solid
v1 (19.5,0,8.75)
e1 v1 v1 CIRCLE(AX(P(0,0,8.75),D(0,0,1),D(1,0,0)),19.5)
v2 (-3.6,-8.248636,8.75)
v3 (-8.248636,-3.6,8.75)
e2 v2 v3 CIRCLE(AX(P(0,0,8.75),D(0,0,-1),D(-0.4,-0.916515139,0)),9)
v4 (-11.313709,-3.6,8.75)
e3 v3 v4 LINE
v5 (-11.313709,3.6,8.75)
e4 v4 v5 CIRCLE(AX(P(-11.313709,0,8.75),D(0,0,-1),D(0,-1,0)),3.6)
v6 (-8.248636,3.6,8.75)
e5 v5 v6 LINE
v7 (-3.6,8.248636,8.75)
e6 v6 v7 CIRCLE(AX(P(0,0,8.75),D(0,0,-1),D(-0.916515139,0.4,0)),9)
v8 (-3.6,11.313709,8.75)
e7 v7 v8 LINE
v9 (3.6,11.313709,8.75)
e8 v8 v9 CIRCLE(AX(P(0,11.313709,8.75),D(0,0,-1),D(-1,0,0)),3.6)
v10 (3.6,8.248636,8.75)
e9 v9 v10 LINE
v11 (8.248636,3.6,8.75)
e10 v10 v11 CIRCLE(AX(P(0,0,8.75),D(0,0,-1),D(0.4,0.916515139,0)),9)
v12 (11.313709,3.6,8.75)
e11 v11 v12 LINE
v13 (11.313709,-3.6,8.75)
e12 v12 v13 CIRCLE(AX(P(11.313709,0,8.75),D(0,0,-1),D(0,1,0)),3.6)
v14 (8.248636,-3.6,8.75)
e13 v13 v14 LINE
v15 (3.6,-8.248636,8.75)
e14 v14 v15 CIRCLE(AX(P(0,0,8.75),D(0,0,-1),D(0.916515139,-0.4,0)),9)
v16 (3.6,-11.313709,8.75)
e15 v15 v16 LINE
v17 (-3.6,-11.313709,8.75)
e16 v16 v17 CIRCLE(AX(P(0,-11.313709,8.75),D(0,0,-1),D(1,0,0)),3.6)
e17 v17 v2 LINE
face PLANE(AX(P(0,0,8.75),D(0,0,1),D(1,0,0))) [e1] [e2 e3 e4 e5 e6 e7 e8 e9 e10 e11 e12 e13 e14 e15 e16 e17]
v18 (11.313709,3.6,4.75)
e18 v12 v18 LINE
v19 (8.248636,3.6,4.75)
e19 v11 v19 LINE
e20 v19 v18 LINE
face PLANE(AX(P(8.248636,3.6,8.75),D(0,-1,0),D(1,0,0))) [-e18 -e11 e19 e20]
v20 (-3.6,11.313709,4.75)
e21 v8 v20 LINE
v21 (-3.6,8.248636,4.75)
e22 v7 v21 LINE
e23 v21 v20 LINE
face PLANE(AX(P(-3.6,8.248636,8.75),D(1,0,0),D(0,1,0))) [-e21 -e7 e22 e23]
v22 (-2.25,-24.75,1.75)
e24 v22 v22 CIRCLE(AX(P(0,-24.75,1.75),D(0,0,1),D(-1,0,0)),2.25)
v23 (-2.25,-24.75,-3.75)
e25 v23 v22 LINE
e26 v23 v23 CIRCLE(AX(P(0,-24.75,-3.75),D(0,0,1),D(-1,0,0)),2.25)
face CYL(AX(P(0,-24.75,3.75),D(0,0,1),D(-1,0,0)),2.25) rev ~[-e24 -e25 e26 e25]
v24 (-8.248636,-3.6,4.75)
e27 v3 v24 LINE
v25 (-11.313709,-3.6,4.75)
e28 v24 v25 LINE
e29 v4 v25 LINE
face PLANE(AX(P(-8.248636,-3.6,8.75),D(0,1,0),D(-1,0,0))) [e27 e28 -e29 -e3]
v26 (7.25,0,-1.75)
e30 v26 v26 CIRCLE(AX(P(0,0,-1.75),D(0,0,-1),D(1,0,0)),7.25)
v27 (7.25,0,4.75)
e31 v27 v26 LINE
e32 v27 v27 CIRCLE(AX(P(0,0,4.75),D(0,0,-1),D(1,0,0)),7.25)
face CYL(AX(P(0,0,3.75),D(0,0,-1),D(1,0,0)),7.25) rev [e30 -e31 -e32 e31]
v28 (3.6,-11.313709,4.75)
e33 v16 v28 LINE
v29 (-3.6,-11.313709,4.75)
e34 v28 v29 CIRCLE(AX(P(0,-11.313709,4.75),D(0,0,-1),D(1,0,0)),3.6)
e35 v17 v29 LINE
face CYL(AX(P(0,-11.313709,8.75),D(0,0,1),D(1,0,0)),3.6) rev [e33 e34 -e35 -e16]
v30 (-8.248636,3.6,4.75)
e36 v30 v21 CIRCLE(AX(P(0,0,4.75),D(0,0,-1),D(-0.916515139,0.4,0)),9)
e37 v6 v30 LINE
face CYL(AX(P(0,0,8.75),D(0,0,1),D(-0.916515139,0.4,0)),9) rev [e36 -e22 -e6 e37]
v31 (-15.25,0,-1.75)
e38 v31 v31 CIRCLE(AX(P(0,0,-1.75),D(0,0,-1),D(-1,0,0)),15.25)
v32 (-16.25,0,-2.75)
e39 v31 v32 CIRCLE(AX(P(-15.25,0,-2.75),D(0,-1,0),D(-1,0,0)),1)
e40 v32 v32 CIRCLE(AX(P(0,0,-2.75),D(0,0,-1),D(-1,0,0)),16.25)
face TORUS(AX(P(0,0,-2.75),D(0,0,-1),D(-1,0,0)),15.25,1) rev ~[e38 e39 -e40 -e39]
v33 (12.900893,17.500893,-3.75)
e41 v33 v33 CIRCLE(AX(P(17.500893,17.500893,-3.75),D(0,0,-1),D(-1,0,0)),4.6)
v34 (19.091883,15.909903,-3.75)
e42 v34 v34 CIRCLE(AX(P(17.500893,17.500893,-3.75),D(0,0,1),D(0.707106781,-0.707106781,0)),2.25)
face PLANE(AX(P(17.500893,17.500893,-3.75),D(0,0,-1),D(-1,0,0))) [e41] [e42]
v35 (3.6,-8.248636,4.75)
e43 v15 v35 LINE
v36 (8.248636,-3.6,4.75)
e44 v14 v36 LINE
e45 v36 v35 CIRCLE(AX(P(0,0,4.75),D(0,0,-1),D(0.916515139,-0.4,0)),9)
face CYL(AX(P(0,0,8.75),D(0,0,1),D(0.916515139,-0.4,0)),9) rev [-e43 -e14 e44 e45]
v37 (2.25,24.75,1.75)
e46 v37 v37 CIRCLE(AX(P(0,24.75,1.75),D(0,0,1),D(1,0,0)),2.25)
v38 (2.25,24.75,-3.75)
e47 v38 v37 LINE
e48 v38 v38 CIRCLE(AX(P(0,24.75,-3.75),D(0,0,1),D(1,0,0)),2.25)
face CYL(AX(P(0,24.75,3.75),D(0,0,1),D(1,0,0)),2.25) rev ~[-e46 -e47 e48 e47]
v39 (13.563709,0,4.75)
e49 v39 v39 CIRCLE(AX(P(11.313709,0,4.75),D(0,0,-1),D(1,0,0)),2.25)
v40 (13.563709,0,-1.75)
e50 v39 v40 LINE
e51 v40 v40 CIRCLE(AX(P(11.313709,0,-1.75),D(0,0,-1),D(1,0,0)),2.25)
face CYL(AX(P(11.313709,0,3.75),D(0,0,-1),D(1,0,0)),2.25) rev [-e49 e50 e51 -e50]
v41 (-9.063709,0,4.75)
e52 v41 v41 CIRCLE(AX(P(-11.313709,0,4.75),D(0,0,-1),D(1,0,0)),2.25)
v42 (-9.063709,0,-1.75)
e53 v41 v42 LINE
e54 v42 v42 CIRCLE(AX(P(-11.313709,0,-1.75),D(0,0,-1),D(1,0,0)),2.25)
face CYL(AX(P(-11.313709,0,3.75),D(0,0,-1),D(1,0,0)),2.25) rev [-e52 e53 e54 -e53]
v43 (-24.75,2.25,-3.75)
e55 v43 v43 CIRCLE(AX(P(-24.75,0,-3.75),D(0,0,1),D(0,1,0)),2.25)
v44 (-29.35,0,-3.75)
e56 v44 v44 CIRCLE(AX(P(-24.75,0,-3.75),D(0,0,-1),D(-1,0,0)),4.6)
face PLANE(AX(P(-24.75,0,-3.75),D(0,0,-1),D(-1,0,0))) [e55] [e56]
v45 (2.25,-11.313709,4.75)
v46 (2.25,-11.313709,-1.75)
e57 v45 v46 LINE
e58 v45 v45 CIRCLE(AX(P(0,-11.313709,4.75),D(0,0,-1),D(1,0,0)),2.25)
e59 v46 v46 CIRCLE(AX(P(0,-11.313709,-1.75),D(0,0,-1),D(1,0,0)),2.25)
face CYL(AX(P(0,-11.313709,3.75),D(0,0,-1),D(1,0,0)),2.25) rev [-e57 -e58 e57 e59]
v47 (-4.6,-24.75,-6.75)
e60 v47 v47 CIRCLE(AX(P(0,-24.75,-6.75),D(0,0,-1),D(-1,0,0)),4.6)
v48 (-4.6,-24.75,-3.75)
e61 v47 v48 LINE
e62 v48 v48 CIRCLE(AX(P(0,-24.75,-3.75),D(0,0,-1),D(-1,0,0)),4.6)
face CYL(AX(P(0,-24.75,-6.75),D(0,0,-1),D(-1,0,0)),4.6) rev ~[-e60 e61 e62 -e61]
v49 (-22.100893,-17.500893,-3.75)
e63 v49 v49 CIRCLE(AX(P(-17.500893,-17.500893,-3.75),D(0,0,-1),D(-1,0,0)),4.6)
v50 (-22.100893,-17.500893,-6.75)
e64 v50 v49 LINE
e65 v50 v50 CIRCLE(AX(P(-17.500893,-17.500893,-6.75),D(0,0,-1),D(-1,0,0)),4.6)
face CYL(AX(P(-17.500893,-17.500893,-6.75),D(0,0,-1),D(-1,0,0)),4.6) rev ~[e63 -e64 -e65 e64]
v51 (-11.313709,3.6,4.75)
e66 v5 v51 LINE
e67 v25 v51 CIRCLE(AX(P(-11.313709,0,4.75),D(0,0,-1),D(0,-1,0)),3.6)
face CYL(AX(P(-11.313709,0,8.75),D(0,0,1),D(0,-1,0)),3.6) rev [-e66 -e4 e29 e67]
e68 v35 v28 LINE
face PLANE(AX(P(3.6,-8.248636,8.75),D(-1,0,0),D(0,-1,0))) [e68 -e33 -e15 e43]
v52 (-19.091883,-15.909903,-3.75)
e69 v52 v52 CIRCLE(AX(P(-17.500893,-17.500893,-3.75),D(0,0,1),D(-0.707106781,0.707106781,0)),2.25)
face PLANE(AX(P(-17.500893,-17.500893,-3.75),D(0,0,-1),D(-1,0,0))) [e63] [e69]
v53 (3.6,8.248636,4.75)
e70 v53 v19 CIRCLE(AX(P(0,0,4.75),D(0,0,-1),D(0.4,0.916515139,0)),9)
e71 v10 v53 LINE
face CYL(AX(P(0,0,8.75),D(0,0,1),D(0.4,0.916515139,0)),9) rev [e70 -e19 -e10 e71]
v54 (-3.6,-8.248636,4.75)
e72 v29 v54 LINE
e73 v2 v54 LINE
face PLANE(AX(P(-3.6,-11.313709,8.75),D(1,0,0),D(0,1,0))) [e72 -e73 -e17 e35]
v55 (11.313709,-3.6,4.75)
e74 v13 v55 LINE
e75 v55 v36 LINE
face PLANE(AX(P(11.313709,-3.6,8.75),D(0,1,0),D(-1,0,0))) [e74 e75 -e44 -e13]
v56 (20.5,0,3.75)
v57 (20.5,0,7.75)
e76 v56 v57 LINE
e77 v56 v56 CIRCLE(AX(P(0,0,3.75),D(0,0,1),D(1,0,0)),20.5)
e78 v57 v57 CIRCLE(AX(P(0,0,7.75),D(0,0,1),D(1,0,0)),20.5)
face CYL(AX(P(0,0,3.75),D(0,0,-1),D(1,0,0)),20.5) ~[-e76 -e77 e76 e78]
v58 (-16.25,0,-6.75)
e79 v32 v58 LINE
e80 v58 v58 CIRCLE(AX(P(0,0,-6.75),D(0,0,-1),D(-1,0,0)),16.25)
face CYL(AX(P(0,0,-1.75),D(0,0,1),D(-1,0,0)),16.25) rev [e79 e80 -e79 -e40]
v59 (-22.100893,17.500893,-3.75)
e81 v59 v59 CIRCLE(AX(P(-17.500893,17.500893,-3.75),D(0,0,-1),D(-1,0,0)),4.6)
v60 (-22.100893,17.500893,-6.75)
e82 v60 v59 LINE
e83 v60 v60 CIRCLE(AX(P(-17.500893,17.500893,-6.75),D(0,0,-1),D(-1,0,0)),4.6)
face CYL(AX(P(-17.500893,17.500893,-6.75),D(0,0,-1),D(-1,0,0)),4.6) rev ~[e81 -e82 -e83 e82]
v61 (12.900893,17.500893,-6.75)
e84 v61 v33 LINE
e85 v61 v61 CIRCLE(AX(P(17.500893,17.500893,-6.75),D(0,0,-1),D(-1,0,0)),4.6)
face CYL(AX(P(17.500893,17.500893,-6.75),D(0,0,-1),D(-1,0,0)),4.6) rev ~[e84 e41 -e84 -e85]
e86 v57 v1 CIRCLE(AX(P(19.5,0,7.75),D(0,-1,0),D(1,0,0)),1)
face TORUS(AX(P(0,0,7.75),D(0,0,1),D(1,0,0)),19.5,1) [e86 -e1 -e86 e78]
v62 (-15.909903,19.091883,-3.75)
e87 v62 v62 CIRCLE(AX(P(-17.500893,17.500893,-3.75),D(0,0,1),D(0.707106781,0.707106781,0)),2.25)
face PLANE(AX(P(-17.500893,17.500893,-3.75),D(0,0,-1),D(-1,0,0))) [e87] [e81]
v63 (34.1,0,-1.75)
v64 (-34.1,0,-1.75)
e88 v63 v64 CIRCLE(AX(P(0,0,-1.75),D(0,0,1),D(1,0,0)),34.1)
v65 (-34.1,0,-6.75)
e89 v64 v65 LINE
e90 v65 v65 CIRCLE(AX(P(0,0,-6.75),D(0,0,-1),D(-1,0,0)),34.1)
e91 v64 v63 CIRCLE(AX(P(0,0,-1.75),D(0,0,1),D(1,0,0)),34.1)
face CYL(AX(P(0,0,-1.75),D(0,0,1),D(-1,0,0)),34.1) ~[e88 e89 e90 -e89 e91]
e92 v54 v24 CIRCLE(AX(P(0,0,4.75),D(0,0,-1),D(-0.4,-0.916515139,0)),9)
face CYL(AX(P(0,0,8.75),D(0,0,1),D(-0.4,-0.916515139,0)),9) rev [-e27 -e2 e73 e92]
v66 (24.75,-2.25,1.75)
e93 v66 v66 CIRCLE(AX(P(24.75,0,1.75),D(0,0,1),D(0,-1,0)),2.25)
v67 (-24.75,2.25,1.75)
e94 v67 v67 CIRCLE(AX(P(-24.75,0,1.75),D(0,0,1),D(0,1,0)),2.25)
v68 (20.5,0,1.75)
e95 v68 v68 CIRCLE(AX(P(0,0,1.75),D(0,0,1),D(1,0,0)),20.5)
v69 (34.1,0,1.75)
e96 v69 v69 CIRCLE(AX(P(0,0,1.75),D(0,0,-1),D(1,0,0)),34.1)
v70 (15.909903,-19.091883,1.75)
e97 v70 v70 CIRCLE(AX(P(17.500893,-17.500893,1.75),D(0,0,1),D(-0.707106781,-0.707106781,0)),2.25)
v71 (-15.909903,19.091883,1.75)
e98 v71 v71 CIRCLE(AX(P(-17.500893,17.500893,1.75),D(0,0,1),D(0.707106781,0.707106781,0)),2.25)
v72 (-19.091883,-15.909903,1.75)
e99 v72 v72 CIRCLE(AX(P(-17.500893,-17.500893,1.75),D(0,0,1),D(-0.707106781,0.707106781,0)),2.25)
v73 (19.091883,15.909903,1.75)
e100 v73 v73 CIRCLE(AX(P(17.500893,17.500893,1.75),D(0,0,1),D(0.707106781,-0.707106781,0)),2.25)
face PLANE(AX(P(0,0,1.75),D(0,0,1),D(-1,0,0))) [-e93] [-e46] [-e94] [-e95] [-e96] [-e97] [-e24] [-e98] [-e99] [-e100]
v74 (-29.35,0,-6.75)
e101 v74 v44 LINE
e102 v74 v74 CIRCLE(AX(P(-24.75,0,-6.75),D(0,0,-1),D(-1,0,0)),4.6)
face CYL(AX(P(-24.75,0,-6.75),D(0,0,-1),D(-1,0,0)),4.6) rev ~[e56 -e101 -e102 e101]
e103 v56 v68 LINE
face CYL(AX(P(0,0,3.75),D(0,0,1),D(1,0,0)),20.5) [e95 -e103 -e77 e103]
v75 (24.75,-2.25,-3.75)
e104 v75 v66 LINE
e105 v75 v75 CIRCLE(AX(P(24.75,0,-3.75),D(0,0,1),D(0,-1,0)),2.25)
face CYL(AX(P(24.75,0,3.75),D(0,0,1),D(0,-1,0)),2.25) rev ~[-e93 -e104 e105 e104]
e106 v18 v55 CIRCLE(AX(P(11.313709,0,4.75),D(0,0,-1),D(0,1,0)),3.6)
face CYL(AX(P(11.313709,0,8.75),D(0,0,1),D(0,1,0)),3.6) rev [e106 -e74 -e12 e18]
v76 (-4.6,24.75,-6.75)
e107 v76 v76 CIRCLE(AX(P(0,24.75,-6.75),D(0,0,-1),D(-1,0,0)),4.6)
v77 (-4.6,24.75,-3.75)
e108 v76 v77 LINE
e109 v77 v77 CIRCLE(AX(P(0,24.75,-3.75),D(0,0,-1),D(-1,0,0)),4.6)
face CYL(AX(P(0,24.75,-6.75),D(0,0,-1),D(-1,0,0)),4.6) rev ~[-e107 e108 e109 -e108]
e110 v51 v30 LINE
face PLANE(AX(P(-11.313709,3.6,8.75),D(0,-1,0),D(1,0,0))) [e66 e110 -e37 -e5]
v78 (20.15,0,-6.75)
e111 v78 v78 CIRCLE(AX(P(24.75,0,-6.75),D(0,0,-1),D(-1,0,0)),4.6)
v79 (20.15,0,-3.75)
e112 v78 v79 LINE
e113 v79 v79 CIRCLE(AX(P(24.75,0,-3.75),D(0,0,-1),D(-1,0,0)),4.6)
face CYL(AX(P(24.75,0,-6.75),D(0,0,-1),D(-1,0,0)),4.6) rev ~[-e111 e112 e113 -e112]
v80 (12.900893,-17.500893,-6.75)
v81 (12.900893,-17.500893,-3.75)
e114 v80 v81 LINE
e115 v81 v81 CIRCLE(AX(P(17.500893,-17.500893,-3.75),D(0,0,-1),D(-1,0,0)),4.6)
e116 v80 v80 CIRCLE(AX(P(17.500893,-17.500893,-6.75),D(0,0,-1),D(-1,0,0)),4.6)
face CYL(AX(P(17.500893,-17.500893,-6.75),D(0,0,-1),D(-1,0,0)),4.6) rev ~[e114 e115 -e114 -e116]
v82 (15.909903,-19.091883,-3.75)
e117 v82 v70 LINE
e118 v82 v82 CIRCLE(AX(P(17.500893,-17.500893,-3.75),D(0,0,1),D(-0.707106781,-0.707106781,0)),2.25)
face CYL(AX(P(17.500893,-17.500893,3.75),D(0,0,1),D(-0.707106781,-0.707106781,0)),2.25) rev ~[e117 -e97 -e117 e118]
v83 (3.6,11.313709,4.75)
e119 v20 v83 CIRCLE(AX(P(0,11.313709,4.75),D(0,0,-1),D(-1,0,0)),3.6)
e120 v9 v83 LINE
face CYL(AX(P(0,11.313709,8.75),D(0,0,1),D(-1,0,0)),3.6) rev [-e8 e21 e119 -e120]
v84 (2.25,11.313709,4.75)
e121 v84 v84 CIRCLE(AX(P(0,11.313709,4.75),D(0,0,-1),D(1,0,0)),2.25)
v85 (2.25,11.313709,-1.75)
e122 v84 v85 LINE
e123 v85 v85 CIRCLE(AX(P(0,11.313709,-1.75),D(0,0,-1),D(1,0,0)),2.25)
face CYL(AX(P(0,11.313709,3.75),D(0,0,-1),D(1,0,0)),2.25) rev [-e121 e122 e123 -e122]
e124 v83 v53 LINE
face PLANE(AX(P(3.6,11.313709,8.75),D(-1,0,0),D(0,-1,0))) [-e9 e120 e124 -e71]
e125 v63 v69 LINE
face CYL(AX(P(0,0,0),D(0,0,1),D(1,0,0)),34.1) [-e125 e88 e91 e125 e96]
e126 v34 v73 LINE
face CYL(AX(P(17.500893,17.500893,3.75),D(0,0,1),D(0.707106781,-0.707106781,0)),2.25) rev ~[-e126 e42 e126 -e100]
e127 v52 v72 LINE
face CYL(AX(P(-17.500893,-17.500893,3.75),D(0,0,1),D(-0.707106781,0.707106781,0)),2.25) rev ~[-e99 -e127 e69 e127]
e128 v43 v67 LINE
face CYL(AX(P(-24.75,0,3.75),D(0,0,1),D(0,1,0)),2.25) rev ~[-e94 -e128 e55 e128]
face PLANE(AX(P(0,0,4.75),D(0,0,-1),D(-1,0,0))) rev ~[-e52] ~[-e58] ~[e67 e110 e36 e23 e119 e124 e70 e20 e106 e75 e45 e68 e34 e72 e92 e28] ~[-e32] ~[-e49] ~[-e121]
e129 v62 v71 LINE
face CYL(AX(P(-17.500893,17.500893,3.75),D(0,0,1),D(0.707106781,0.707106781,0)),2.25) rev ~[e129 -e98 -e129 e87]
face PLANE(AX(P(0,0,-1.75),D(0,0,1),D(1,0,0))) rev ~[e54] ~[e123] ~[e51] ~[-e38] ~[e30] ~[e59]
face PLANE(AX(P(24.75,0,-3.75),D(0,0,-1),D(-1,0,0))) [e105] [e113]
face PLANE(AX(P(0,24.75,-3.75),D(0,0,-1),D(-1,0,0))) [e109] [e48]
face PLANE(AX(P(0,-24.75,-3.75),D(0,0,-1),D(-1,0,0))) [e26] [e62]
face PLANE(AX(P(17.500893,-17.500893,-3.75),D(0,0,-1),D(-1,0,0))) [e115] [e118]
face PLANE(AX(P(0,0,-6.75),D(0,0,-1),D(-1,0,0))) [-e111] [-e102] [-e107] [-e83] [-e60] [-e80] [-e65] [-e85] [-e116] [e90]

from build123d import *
from build123d.topology import SkipClean

# Parameters (mm, degrees)
SKETCH1_R               = 34.1
BOSS_EXTRUDE1_DEPTH     = 1.75
SKETCH4_R               = 28.5
BOSS_EXTRUDE2_DEPTH     = 2
SKETCH5_R               = 34.1
SKETCH5_R_2             = 16.25
BOSS_EXTRUDE3_DEPTH     = 5
CUT_EXTRUDE2_DEPTH      = 49.968050809
CUT_EXTRUDE2_DEPTH_BACK = 49.968050809
SKETCH3_R               = 2.25
CUT_EXTRUDE1_DEPTH      = 49.968050809
CUT_EXTRUDE1_DEPTH_BACK = 49.968050809
SKETCH2_R               = 7.25
SKETCH6_R               = 2.25
CUT_EXTRUDE3_DEPTH      = 50.354533733
CIRPATTERN1_COUNT       = 8
SKETCH7_R               = 20.5
SKETCH7_R_2             = 2.25
SKETCH7_R_3             = 7.25
BOSS_EXTRUDE4_DEPTH     = 5
BOSS_EXTRUDE5_START     = 2
SKETCH8_R               = 34.1
SKETCH8_R_2             = 28.5
BOSS_EXTRUDE5_DEPTH     = 2
SKETCH10_R              = 34.1
SKETCH10_R_2            = 20.5
CUT_EXTRUDE4_DEPTH      = 2
CUT_EXTRUDE5_DEPTH      = 4
SKETCH12_R              = 4.6
CUT_EXTRUDE6_DEPTH      = 3
FILLET2_R               = 1
FILLET3_R               = 1


with BuildPart() as part:
    # Sketch1 → Boss-Extrude1 (new, symmetric)
    with BuildSketch(Plane.XY):
        Circle(SKETCH1_R)
    extrude(amount=BOSS_EXTRUDE1_DEPTH, both=True)

    # Sketch4 → Boss-Extrude2 (add)
    with BuildSketch(Plane.XY.offset(1.75)):
        Circle(SKETCH4_R)
    extrude(amount=BOSS_EXTRUDE2_DEPTH)

    # Sketch5 → Boss-Extrude3 (add)
    with BuildSketch(Plane(origin=(0, 0, -1.75), x_dir=(-1, 0, 0), z_dir=(0, 0, -1))):
        Circle(SKETCH5_R)
        Circle(SKETCH5_R_2, mode=Mode.SUBTRACT)
    extrude(amount=BOSS_EXTRUDE3_DEPTH)

    # Sketch3 → Cut-Extrude2 (cut, two sides: drawn at the far end of the back side and taken through both)
    with BuildSketch(Plane.XY.offset(1.75).offset(-CUT_EXTRUDE2_DEPTH_BACK)):
        with Locations((0, 11.3137085)):
            Circle(SKETCH3_R)
        with Locations((11.3137085, 0)):
            Circle(SKETCH3_R)
        with Locations((0, -11.3137085)):
            Circle(SKETCH3_R)
        with Locations((-11.3137085, 0)):
            Circle(SKETCH3_R)
    extrude(amount=CUT_EXTRUDE2_DEPTH + CUT_EXTRUDE2_DEPTH_BACK, mode=Mode.SUBTRACT)

    # Sketch2 → Cut-Extrude1 (cut, two sides: drawn at the far end of the back side and taken through both)
    with BuildSketch(Plane.XY.offset(1.75).offset(-CUT_EXTRUDE1_DEPTH_BACK)):
        Circle(SKETCH2_R)
    extrude(amount=CUT_EXTRUDE1_DEPTH + CUT_EXTRUDE1_DEPTH_BACK, mode=Mode.SUBTRACT)

    # Sketch6 → Cut-Extrude3 (cut, symmetric)
    with BuildSketch(Plane.XY.offset(3.75)):
        with Locations((0, 24.75)):
            Circle(SKETCH6_R)
    cut_extrude3 = extrude(amount=CUT_EXTRUDE3_DEPTH, both=True, mode=Mode.SUBTRACT)

    # CirPattern1: Cut-Extrude3 ×8 about axis
    cirpattern1_axis = Axis((0, 0, 0), (0, 0, 1))
    for i in range(1, CIRPATTERN1_COUNT):
        add(cut_extrude3.rotate(cirpattern1_axis, i * 360 / CIRPATTERN1_COUNT), mode=Mode.SUBTRACT)

    # Sketch7 → Boss-Extrude4 (add)
    with BuildSketch(Plane.XY.offset(3.75)):
        Circle(SKETCH7_R)
        with Locations((0, -11.3137085)):
            Circle(SKETCH7_R_2, mode=Mode.SUBTRACT)
        with Locations((11.3137085, 0)):
            Circle(SKETCH7_R_2, mode=Mode.SUBTRACT)
        with Locations((0, 11.3137085)):
            Circle(SKETCH7_R_2, mode=Mode.SUBTRACT)
        with Locations((-11.3137085, 0)):
            Circle(SKETCH7_R_2, mode=Mode.SUBTRACT)
        Circle(SKETCH7_R_3, mode=Mode.SUBTRACT)
    extrude(amount=BOSS_EXTRUDE4_DEPTH)

    # Sketch8 → Boss-Extrude5 (add)
    with SkipClean():  # the faces are left unmerged after this step: merging them gives an invalid solid
        with BuildSketch(Plane.XY.offset(1.75).offset(BOSS_EXTRUDE5_START)):
            with Locations(Location((0, 0, 0), (0, 0, 180))):
                Circle(SKETCH8_R)
            Circle(SKETCH8_R_2, mode=Mode.SUBTRACT)
        extrude(amount=-BOSS_EXTRUDE5_DEPTH)

    # Sketch10 → Cut-Extrude4 (cut)
    with BuildSketch(Plane.XY.offset(3.75)):
        with Locations(Location((0, 0, 0), (0, 0, 180))):
            Circle(SKETCH10_R)
        Circle(SKETCH10_R_2, mode=Mode.SUBTRACT)
    extrude(amount=-CUT_EXTRUDE4_DEPTH, mode=Mode.SUBTRACT)

    # Sketch11 → Cut-Extrude5 (cut)
    with BuildSketch(Plane.XY.offset(8.75)):
        with BuildLine():
            Line((-11.3137085, 3.6), (-8.248636251, 3.6))
            ThreePointArc((-8.248636251, 3.6), (-6.363961031, 6.363961031), (-3.6, 8.248636251))
            Line((-3.6, 8.248636251), (-3.6, 11.3137085))
            ThreePointArc((-3.6, 11.3137085), (0, 14.9137085), (3.6, 11.3137085))
            Line((3.6, 11.3137085), (3.6, 8.248636251))
            ThreePointArc((3.6, 8.248636251), (6.363961031, 6.363961031), (8.248636251, 3.6))
            Line((8.248636251, 3.6), (11.3137085, 3.6))
            ThreePointArc((11.3137085, 3.6), (14.9137085, 0), (11.3137085, -3.6))
            Line((11.3137085, -3.6), (8.248636251, -3.6))
            ThreePointArc((8.248636251, -3.6), (6.363961031, -6.363961031), (3.6, -8.248636251))
            Line((3.6, -8.248636251), (3.6, -11.3137085))
            ThreePointArc((3.6, -11.3137085), (0, -14.9137085), (-3.6, -11.3137085))
            Line((-3.6, -11.3137085), (-3.6, -8.248636251))
            ThreePointArc((-3.6, -8.248636251), (-6.363961031, -6.363961031), (-8.248636251, -3.6))
            Line((-8.248636251, -3.6), (-11.3137085, -3.6))
            ThreePointArc((-11.3137085, -3.6), (-14.9137085, 0), (-11.3137085, 3.6))
        make_face()
    extrude(amount=-CUT_EXTRUDE5_DEPTH, mode=Mode.SUBTRACT)

    # Sketch12 → Cut-Extrude6 (cut)
    with BuildSketch(Plane(origin=(0, 0, -6.75), x_dir=(-1, 0, 0), z_dir=(0, 0, -1))):
        with Locations((0, 24.75)):
            Circle(SKETCH12_R)
        with Locations((17.500892834, 17.500892834)):
            Circle(SKETCH12_R)
        with Locations((24.75, 0)):
            Circle(SKETCH12_R)
        with Locations((17.500892834, -17.500892834)):
            Circle(SKETCH12_R)
        with Locations((0, -24.75)):
            Circle(SKETCH12_R)
        with Locations((-17.500892834, -17.500892834)):
            Circle(SKETCH12_R)
        with Locations((-24.75, 0)):
            Circle(SKETCH12_R)
        with Locations((-17.500892834, 17.500892834)):
            Circle(SKETCH12_R)
    extrude(amount=-CUT_EXTRUDE6_DEPTH, mode=Mode.SUBTRACT)

    # Fillet2
    fillet2_edges = [part.edges().sort_by_distance(p)[0] for p in [
        (-20.5, 0, 8.75),
    ]]
    fillet(fillet2_edges, radius=FILLET2_R)

    # Fillet3
    fillet3_edges = [part.edges().sort_by_distance(p)[0] for p in [
        (16.25, 0, -1.75),
    ]]
    fillet(fillet3_edges, radius=FILLET3_R)


solid = part.part
